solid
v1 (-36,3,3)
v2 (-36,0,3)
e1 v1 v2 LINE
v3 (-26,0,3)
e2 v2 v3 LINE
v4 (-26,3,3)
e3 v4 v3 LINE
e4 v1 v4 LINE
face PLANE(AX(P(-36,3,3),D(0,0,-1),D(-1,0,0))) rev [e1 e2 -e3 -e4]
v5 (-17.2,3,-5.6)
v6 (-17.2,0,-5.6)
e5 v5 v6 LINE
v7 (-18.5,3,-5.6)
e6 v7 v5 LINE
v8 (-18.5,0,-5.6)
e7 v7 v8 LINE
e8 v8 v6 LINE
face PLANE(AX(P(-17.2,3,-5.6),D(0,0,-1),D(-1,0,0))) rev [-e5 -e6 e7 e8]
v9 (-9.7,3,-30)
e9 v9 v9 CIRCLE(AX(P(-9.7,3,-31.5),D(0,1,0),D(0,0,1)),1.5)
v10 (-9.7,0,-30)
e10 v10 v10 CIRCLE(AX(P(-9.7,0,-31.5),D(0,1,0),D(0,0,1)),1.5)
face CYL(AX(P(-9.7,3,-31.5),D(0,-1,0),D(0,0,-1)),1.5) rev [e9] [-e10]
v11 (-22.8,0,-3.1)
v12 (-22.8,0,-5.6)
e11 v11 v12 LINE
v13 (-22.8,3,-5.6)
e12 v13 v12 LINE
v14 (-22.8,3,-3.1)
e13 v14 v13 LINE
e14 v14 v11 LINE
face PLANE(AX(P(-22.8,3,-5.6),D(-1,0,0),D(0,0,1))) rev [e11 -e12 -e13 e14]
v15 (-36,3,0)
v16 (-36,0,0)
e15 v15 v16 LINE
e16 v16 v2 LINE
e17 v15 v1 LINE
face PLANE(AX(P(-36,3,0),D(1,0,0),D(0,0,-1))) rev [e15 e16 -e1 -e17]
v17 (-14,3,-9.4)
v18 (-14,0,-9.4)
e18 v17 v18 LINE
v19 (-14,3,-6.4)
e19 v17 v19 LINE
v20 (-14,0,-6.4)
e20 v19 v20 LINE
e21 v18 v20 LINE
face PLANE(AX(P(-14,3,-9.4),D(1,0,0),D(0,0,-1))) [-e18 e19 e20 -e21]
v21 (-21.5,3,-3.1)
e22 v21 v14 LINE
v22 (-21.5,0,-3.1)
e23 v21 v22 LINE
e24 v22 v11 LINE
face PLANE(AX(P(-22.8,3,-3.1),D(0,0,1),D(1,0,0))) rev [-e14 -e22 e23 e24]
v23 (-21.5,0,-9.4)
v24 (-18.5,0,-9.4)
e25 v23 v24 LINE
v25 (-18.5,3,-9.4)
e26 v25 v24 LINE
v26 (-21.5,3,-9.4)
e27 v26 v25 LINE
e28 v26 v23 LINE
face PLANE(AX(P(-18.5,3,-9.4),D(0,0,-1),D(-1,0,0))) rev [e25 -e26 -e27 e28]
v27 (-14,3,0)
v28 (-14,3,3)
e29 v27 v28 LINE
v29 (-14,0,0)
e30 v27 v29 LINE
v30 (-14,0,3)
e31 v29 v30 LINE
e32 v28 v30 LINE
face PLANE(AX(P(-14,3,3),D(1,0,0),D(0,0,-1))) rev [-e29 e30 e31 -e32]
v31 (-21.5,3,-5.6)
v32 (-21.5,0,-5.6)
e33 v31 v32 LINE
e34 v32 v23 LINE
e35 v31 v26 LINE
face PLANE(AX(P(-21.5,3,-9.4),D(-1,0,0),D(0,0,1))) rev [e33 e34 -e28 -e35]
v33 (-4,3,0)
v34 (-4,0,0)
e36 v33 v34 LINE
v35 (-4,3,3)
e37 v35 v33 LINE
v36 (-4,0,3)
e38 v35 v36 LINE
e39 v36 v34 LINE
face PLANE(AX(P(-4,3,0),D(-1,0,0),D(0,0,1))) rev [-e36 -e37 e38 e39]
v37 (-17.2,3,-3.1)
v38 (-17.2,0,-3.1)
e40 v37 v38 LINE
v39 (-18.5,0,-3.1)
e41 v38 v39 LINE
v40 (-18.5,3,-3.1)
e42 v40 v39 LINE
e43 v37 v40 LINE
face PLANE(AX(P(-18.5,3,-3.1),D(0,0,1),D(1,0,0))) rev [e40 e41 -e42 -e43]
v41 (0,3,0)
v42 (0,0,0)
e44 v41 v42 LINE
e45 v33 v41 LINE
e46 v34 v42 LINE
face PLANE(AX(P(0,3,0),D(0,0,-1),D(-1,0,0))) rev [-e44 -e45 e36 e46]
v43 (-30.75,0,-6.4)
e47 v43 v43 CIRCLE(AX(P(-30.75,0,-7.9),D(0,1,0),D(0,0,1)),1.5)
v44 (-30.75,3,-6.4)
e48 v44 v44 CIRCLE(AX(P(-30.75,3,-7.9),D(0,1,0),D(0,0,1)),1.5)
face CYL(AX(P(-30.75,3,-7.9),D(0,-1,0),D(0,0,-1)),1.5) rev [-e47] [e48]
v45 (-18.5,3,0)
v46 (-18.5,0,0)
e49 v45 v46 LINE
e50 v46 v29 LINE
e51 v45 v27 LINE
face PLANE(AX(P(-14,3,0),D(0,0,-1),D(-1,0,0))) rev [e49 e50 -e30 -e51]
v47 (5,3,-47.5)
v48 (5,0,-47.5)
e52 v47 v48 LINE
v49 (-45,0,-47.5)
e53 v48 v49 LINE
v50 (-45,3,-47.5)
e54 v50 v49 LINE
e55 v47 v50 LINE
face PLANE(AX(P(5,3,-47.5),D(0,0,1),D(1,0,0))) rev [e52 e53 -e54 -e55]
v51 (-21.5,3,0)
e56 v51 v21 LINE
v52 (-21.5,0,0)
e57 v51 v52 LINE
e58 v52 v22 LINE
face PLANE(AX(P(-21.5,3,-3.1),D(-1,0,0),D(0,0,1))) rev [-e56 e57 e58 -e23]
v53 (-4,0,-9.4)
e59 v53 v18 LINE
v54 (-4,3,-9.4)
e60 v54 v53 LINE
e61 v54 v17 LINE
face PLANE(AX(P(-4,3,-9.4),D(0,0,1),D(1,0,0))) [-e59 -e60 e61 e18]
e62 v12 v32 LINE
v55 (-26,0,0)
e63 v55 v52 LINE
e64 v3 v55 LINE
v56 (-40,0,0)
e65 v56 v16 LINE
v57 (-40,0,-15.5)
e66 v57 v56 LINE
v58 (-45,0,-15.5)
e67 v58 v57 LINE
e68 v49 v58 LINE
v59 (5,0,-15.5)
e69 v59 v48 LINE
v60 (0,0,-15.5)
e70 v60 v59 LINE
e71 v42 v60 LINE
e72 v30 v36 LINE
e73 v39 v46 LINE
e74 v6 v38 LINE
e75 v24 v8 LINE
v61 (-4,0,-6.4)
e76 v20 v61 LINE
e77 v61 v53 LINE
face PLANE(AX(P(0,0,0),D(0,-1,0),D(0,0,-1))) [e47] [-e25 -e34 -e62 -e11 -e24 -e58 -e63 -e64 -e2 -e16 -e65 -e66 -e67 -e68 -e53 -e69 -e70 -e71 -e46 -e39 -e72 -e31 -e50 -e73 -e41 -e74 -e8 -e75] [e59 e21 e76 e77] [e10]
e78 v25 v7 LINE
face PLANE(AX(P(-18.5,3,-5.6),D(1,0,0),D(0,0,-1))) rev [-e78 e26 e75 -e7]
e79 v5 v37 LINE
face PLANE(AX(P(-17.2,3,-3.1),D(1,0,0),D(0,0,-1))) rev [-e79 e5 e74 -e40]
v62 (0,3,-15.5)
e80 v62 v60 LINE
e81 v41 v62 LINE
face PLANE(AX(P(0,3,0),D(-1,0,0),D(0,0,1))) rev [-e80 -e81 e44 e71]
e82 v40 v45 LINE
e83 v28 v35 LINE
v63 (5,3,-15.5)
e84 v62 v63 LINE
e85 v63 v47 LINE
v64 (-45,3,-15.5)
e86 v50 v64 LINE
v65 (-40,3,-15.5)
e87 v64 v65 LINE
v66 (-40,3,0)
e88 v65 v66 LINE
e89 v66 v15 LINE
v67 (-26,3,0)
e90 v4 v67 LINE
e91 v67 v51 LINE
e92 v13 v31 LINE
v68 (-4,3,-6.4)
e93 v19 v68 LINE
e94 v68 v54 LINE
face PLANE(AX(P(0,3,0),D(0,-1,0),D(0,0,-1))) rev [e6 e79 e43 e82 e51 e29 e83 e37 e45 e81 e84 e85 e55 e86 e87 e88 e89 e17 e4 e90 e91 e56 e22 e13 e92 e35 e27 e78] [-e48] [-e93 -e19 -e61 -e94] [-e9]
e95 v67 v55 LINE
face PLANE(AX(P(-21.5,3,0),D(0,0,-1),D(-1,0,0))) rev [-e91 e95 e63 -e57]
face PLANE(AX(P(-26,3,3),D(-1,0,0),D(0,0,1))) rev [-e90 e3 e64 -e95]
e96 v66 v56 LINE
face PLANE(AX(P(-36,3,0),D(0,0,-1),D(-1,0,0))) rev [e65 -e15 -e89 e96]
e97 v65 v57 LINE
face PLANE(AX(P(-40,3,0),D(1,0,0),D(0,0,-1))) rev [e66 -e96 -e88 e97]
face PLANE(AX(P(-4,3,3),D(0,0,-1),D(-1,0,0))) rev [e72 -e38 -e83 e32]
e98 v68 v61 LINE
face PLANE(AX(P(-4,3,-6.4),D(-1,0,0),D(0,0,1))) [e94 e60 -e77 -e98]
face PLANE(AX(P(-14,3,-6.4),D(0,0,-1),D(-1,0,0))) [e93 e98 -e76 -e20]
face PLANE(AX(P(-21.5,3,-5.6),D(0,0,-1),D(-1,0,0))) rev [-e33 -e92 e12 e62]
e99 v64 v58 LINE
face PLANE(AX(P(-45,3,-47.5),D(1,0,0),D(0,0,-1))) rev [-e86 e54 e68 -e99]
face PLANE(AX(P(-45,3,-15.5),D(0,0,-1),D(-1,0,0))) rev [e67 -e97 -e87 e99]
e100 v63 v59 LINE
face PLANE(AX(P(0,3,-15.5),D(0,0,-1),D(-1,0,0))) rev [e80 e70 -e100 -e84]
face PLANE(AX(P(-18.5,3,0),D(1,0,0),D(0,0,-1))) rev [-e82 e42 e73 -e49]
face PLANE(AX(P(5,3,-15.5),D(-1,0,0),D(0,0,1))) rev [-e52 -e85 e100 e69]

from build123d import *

# Parameters (mm, degrees)
SKETCH2_R           = 1.5
SKETCH2_W           = 10
SKETCH2_H           = 3
BOSS_EXTRUDE1_DEPTH = 3


with BuildPart() as part:
    # Sketch2 → Boss-Extrude1 (new body)
    with BuildSketch(Plane(origin=(0, 0, 0), x_dir=(1, 0, 0), z_dir=(0, 1, 0))):
        Polygon((0, 15.5), (5, 15.5), (5, 47.5), (-45, 47.5), (-45, 15.5), (-40, 15.5), (-40, 0), (-36, 0), (-36, -3), (-26, -3), (-26, 0), (-21.5, 0), (-21.5, 3.1), (-22.8, 3.1), (-22.8, 5.6), (-21.5, 5.6), (-21.5, 9.4), (-18.5, 9.4), (-18.5, 5.6), (-17.2, 5.6), (-17.2, 3.1), (-18.5, 3.1), (-18.5, 0), (-14, 0), (-14, -3), (-4, -3), (-4, 0), (0, 0), align=None)
        with Locations(Location((-30.75, 7.9, 0), (0, 0, 270))):
            Circle(SKETCH2_R, mode=Mode.SUBTRACT)
        with Locations(Location((-9.7, 31.5, 0), (0, 0, 270))):
            Circle(SKETCH2_R, mode=Mode.SUBTRACT)
        with Locations((-9, 7.9)):
            Rectangle(SKETCH2_W, SKETCH2_H, mode=Mode.SUBTRACT)
    extrude(amount=BOSS_EXTRUDE1_DEPTH)


solid = part.part
